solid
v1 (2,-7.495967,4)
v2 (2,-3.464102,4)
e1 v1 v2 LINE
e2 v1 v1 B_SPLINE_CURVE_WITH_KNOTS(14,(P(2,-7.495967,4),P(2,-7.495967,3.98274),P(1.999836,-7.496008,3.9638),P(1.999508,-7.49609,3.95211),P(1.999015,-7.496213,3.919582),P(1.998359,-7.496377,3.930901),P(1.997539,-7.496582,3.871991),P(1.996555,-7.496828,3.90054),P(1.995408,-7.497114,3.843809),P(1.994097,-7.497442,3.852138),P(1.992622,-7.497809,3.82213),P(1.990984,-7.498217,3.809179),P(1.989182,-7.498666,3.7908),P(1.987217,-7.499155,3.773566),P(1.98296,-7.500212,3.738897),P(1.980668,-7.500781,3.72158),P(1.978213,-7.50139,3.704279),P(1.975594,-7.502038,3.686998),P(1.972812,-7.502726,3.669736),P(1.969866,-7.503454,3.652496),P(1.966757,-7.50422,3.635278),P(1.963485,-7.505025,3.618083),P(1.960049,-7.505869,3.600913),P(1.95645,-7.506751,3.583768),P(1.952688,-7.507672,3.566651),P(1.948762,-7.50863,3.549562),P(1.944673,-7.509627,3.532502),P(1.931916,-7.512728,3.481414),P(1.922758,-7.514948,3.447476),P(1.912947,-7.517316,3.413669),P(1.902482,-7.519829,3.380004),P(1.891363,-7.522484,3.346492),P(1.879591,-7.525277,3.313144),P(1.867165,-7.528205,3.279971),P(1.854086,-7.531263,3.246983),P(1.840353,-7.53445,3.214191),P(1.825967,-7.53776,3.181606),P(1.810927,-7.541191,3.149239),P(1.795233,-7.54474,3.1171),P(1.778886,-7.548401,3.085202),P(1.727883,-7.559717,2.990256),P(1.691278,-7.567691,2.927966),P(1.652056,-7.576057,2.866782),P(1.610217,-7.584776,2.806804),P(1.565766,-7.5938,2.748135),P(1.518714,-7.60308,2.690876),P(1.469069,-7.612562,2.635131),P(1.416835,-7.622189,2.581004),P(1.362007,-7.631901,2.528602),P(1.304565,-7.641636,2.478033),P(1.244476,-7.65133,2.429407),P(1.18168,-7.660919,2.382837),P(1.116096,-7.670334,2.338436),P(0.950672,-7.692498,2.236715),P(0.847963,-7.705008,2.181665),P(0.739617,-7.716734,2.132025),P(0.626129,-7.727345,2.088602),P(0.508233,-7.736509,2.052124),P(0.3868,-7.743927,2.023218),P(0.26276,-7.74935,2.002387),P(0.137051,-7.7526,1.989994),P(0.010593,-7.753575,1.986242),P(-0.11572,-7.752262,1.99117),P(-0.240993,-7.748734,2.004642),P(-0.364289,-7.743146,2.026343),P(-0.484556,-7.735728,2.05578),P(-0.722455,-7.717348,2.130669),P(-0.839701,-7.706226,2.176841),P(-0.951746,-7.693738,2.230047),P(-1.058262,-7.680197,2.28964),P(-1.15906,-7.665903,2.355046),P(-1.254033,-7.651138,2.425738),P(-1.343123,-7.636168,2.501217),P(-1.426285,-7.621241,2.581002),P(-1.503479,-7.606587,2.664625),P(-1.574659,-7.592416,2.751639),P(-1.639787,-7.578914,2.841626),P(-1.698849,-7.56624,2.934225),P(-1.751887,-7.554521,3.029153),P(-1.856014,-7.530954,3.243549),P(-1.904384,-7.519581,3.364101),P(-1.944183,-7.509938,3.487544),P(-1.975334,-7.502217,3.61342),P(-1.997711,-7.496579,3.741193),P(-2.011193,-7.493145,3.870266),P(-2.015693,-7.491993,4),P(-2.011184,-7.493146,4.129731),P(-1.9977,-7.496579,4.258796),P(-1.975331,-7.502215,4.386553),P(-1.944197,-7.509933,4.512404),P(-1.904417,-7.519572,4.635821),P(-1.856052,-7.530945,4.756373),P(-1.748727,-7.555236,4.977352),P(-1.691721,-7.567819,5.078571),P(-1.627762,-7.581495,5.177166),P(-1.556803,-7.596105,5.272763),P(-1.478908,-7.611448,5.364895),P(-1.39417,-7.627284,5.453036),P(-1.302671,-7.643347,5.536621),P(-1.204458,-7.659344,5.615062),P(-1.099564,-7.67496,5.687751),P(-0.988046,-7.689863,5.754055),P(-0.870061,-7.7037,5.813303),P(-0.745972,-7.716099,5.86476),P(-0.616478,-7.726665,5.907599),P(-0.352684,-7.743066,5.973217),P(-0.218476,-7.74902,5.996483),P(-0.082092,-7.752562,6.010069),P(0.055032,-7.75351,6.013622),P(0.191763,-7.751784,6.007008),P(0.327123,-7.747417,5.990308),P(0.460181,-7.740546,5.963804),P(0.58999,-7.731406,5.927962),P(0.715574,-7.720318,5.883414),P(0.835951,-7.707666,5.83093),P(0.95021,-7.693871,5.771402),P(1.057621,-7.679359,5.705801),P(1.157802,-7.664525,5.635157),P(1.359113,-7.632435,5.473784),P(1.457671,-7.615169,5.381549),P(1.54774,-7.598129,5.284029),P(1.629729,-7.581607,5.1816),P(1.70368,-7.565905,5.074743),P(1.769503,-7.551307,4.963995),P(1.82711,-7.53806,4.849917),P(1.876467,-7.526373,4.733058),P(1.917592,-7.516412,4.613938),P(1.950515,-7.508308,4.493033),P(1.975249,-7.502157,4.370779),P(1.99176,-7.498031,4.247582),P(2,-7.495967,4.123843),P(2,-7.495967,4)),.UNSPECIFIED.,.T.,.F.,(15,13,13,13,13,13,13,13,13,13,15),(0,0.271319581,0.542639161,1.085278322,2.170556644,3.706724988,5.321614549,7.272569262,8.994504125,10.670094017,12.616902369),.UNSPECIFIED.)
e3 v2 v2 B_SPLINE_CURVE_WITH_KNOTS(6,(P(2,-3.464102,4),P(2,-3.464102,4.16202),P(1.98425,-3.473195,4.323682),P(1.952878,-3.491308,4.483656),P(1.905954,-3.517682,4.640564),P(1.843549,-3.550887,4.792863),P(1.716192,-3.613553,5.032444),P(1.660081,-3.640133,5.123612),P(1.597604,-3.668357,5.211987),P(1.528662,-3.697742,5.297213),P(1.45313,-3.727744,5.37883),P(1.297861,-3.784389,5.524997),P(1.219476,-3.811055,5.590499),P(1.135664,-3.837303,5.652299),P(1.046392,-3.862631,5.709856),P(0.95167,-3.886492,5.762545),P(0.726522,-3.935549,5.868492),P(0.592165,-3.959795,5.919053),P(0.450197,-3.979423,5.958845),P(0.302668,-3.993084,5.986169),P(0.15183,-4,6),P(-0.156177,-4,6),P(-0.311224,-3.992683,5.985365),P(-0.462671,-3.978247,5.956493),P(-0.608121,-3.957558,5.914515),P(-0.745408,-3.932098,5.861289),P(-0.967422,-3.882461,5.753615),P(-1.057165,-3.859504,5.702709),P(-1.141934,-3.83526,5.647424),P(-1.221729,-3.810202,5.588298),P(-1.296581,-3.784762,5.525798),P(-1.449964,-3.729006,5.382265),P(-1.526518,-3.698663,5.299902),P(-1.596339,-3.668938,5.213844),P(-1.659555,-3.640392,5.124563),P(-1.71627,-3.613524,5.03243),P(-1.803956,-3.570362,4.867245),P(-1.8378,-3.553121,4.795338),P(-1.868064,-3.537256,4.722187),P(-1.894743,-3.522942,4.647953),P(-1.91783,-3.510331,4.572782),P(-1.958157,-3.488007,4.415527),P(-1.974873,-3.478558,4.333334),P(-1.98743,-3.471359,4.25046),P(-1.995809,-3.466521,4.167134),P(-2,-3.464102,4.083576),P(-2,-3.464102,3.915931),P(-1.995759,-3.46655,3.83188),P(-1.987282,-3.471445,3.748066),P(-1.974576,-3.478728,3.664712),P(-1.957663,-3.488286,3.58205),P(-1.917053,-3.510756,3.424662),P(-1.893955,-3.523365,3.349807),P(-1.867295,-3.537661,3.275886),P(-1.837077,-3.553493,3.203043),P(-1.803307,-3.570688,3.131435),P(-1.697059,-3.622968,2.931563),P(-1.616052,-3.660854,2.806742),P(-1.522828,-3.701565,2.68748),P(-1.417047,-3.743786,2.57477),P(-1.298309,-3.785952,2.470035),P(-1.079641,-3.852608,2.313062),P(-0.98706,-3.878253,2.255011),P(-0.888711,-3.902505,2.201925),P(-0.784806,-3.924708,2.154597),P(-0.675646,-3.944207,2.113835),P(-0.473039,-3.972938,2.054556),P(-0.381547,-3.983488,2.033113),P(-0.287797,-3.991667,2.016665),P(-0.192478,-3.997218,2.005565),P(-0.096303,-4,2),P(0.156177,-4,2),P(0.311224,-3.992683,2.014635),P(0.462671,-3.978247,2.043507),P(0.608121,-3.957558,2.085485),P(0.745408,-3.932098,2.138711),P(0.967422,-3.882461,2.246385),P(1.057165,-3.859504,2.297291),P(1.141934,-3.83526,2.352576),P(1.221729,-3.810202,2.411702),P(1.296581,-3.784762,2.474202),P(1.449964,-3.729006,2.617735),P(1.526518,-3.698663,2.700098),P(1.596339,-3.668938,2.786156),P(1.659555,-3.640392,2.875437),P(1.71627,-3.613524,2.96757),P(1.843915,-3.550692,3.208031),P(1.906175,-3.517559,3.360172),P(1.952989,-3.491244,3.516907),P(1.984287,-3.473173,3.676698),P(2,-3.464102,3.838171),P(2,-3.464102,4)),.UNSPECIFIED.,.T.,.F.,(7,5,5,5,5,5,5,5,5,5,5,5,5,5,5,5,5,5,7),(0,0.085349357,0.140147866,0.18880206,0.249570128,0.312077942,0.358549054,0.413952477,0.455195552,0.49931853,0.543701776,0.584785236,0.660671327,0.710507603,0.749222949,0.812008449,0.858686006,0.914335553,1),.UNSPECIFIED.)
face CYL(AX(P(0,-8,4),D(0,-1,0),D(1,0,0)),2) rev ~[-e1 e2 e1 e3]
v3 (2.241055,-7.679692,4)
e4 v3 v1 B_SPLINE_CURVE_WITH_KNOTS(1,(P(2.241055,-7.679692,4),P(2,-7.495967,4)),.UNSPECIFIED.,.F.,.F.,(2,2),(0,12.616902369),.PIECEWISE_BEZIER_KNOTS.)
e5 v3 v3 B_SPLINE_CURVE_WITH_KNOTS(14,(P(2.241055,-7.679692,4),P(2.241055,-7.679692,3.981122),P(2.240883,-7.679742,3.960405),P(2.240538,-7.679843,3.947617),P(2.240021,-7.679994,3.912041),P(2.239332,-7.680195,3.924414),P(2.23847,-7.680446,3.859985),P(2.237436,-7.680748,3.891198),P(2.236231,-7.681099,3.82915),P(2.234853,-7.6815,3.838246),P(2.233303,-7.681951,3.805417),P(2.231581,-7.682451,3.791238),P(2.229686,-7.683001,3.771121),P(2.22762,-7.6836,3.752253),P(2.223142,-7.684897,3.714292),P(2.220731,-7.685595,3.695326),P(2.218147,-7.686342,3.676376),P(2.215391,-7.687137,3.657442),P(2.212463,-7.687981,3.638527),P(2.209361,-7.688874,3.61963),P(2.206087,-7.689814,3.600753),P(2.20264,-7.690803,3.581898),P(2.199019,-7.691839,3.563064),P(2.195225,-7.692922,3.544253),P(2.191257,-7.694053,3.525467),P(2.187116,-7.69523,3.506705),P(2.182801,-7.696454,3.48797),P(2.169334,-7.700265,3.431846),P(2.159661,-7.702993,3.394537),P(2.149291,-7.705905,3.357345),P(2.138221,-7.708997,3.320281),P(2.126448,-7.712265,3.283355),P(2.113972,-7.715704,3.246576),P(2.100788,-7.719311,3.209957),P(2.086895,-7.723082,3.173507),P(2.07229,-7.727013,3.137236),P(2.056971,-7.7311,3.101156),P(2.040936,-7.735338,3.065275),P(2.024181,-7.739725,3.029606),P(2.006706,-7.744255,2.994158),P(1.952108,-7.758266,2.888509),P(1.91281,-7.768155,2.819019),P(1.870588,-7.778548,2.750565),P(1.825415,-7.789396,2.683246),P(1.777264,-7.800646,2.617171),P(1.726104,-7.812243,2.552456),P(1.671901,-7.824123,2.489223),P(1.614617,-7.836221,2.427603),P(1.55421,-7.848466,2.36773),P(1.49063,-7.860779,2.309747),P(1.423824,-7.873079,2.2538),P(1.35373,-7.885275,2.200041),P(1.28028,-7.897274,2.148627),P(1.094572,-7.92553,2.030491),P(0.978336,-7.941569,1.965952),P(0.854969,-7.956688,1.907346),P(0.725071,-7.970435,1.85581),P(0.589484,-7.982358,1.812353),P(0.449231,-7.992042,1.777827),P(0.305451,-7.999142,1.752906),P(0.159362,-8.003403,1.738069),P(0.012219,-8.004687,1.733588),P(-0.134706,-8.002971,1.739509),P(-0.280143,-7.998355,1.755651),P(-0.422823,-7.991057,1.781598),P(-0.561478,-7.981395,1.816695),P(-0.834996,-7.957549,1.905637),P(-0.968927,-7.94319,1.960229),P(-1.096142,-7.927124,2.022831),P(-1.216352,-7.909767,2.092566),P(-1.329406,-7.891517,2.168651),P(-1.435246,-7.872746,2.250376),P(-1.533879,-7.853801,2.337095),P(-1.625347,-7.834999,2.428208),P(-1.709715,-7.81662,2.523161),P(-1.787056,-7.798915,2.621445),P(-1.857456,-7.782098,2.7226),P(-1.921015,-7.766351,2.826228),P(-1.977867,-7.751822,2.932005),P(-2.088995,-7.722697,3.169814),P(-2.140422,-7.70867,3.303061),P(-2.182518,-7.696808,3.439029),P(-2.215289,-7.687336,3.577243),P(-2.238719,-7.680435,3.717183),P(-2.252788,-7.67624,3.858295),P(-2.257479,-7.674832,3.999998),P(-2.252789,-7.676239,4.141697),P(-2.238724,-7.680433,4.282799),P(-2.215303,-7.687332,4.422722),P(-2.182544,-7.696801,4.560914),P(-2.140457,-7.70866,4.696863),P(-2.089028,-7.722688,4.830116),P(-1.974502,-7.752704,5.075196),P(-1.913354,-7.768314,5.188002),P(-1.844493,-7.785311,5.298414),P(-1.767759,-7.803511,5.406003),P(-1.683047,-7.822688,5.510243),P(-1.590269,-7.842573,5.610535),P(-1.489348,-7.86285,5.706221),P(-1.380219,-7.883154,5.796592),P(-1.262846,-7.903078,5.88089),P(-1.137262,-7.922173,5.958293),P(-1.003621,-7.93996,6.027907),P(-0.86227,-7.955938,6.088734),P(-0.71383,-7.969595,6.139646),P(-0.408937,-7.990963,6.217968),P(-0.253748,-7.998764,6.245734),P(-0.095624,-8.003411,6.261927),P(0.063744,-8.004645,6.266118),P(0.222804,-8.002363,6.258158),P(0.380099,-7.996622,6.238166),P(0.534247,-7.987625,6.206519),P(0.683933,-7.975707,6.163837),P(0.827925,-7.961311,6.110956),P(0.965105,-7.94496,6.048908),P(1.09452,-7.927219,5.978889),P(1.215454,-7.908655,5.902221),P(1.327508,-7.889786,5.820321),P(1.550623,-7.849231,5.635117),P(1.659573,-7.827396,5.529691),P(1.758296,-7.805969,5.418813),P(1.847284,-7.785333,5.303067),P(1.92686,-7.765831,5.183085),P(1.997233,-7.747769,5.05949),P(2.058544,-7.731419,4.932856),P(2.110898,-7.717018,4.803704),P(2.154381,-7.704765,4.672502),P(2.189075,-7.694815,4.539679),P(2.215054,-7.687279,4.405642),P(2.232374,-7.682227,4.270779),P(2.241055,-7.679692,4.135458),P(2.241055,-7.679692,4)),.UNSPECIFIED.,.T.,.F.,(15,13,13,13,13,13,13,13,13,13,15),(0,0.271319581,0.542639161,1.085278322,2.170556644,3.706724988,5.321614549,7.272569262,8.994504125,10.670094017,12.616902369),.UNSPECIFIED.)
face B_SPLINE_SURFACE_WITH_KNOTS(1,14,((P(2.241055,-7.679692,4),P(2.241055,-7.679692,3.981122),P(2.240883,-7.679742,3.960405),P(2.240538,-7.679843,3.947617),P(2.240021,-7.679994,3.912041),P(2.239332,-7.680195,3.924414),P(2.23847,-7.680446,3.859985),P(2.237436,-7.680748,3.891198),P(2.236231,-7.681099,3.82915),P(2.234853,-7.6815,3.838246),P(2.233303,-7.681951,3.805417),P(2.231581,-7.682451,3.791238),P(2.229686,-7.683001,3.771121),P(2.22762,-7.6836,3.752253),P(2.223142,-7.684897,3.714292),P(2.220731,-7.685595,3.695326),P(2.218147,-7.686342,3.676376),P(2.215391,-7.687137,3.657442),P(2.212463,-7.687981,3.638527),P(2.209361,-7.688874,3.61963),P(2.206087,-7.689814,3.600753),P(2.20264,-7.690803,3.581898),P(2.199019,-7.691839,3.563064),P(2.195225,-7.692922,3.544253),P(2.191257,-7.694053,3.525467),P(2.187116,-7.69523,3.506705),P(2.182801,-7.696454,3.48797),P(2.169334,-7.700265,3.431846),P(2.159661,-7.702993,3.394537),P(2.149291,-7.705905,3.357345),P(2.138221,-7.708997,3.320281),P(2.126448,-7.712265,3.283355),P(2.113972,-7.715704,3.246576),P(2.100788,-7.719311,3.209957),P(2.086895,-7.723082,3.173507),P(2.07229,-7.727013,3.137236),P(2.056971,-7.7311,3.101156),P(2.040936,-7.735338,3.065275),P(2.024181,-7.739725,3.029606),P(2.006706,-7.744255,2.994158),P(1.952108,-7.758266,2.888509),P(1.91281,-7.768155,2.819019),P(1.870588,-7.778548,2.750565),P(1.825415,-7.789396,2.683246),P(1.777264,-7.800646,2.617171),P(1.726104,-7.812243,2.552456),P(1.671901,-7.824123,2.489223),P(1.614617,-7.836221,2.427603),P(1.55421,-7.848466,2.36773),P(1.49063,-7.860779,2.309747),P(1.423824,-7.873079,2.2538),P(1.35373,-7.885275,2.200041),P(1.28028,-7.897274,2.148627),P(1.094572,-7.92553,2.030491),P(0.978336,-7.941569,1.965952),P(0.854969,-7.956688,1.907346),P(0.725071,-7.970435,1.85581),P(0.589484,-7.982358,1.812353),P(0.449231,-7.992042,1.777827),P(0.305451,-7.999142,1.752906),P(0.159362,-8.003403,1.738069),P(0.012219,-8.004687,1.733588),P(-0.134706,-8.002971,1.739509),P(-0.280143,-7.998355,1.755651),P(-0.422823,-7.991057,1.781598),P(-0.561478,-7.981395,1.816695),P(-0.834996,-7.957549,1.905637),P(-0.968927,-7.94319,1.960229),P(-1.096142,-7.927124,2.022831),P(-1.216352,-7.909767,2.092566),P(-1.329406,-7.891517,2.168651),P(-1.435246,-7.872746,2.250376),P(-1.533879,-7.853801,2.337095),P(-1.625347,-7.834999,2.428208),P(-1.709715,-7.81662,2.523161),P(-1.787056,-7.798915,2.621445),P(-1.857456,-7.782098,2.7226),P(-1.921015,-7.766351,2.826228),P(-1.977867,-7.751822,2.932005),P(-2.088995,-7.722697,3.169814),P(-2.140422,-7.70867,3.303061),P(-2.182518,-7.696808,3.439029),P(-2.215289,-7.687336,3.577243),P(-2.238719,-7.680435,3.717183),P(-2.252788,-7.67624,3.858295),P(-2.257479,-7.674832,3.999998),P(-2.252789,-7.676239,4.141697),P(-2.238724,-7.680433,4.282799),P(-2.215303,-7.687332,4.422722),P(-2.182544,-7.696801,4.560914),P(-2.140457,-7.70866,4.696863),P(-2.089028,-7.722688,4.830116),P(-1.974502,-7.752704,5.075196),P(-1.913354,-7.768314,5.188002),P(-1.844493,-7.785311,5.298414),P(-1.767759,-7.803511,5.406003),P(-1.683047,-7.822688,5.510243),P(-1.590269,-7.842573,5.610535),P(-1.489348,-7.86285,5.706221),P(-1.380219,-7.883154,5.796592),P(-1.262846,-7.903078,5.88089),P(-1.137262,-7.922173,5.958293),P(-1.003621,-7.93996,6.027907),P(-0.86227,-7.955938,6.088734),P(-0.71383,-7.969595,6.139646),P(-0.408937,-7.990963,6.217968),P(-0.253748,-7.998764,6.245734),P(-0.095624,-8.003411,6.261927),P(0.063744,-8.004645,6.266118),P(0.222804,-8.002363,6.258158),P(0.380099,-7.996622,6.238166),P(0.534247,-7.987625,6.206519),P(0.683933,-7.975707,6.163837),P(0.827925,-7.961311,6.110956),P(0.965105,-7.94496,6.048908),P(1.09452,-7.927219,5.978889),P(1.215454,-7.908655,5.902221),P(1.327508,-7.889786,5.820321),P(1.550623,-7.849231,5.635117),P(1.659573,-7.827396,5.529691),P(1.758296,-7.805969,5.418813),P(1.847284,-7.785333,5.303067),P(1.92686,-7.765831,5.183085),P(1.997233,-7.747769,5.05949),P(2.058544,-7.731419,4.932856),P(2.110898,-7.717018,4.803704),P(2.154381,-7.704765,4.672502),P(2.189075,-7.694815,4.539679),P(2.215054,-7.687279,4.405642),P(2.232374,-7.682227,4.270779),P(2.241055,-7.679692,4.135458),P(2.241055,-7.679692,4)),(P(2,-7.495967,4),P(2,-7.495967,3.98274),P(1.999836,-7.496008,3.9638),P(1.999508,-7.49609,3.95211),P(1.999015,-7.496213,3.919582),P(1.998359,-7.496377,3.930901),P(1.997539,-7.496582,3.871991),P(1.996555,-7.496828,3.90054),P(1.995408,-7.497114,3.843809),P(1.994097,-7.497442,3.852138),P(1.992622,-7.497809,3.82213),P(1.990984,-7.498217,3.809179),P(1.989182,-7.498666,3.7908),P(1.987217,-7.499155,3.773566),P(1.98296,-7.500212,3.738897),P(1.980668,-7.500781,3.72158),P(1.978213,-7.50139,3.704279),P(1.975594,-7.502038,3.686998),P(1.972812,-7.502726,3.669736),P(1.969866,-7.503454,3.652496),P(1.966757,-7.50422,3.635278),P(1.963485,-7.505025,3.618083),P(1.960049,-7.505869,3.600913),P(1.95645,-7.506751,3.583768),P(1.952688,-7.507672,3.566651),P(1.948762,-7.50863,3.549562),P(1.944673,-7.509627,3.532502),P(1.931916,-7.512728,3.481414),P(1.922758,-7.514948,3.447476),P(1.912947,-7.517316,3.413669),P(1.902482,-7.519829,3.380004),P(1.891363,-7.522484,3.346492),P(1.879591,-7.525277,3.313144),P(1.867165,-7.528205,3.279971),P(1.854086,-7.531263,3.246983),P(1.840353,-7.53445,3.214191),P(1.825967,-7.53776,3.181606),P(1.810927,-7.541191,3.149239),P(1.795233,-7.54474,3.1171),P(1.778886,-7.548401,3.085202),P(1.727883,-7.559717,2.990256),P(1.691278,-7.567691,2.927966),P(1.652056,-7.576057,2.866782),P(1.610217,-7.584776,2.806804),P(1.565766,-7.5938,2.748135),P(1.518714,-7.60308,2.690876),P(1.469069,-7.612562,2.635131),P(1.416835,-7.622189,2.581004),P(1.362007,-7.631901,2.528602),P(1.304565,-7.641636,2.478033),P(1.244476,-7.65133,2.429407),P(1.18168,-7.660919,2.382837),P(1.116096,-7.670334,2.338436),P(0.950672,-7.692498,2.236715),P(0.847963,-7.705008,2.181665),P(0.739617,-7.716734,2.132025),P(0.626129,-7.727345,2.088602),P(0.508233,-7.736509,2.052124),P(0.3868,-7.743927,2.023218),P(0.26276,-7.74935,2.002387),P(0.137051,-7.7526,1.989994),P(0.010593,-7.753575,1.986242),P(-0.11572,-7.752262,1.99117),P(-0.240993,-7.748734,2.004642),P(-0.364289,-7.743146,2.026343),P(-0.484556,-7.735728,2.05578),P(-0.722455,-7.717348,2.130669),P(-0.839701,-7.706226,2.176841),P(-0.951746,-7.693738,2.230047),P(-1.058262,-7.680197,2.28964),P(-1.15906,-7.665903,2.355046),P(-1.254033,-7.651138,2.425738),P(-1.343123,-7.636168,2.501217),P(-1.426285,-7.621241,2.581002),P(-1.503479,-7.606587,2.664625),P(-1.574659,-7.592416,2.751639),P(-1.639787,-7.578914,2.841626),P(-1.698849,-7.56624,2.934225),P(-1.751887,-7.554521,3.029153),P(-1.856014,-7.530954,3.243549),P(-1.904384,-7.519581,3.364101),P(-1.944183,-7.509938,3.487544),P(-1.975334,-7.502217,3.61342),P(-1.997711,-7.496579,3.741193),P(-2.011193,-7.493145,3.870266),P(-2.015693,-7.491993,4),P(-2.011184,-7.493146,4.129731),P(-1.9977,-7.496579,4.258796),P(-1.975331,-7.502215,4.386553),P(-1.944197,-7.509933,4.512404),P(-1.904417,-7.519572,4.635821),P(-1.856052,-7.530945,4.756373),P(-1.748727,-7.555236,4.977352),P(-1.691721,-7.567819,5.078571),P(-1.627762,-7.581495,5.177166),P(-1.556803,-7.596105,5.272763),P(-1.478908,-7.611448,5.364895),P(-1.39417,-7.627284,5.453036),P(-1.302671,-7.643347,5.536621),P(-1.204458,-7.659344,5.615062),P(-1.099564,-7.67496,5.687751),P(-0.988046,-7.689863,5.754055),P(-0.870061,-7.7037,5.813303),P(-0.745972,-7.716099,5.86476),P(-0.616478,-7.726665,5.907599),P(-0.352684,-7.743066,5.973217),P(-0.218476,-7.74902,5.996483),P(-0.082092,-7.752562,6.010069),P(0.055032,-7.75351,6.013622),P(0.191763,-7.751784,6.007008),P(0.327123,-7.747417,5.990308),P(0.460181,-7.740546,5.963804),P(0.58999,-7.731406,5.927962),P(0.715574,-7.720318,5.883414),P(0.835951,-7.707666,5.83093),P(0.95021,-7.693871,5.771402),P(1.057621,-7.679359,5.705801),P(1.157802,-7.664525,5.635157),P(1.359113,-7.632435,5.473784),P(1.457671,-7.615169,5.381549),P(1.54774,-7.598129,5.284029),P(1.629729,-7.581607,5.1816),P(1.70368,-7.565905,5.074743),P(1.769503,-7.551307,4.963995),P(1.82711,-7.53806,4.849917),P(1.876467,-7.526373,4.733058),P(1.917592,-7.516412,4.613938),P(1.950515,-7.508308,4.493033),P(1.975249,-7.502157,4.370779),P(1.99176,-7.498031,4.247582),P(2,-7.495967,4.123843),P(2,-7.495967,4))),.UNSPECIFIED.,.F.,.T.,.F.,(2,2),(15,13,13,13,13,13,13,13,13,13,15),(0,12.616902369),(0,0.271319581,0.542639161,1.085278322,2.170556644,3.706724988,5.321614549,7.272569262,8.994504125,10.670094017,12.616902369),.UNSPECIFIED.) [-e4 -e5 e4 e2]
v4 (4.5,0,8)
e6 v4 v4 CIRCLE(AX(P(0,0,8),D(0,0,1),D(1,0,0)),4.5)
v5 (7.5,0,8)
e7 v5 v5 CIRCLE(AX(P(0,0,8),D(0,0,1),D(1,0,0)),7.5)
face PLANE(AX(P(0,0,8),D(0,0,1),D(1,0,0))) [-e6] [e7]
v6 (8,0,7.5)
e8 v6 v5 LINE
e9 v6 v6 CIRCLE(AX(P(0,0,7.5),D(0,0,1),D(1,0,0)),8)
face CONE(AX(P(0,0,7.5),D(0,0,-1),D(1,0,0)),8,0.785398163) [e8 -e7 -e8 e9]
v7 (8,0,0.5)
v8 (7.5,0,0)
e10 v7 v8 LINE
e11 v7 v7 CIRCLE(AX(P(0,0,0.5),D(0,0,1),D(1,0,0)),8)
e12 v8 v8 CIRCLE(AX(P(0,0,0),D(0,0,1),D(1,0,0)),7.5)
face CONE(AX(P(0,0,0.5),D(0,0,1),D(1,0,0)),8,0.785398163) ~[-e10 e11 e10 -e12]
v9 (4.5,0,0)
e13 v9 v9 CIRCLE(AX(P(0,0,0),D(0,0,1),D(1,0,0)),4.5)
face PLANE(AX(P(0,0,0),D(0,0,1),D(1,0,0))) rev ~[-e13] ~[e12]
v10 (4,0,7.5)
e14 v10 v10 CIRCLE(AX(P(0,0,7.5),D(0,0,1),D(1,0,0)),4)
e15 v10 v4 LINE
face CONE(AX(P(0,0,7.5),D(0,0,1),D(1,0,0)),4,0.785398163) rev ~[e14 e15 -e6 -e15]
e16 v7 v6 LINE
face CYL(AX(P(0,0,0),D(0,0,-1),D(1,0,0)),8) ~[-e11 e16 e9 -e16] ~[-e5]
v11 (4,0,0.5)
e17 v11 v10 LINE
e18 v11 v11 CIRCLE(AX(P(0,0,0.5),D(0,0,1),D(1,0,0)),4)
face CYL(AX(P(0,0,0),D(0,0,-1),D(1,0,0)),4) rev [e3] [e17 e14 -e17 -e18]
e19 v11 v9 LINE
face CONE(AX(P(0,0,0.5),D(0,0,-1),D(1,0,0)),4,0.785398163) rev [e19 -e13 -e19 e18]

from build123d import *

# Parameters (mm, degrees)
SKETCH_R        = 8
SKETCH_R_2      = 4
PAD_DEPTH       = 8
SKETCH001_R     = 2
HOLE_DEPTH      = 8
CHAMFER_SIZE    = 0.5
CHAMFER001_SIZE = 0.25


with BuildPart() as part:
    # Sketch → Pad (new body)
    with BuildSketch(Plane.XY):
        Circle(SKETCH_R)
        Circle(SKETCH_R_2, mode=Mode.SUBTRACT)
    extrude(amount=PAD_DEPTH)

    # Sketch001 → Hole (cut)
    with BuildSketch(Plane.XZ.offset(8)):
        with Locations((0, 4)):
            Circle(SKETCH001_R)
    extrude(amount=-HOLE_DEPTH, mode=Mode.SUBTRACT)

    # Chamfer
    chamfer_edges = [part.edges().sort_by_distance(p)[0] for p in [
        (-8, 0, 8),
        (-8, 0, 0),
        (-4, 0, 8),
        (-4, 0, 0),
    ]]
    chamfer(chamfer_edges, length=CHAMFER_SIZE)

    # Chamfer001
    chamfer001_edges = [part.edges().sort_by_distance(p)[0] for p in [
        (-1.414274, -7.873997, 2.585847),
        (-1.414274, -7.873997, 5.414153),
        (2, -7.745967, 4),
    ]]
    chamfer(chamfer001_edges, length=CHAMFER001_SIZE)


solid = part.part
